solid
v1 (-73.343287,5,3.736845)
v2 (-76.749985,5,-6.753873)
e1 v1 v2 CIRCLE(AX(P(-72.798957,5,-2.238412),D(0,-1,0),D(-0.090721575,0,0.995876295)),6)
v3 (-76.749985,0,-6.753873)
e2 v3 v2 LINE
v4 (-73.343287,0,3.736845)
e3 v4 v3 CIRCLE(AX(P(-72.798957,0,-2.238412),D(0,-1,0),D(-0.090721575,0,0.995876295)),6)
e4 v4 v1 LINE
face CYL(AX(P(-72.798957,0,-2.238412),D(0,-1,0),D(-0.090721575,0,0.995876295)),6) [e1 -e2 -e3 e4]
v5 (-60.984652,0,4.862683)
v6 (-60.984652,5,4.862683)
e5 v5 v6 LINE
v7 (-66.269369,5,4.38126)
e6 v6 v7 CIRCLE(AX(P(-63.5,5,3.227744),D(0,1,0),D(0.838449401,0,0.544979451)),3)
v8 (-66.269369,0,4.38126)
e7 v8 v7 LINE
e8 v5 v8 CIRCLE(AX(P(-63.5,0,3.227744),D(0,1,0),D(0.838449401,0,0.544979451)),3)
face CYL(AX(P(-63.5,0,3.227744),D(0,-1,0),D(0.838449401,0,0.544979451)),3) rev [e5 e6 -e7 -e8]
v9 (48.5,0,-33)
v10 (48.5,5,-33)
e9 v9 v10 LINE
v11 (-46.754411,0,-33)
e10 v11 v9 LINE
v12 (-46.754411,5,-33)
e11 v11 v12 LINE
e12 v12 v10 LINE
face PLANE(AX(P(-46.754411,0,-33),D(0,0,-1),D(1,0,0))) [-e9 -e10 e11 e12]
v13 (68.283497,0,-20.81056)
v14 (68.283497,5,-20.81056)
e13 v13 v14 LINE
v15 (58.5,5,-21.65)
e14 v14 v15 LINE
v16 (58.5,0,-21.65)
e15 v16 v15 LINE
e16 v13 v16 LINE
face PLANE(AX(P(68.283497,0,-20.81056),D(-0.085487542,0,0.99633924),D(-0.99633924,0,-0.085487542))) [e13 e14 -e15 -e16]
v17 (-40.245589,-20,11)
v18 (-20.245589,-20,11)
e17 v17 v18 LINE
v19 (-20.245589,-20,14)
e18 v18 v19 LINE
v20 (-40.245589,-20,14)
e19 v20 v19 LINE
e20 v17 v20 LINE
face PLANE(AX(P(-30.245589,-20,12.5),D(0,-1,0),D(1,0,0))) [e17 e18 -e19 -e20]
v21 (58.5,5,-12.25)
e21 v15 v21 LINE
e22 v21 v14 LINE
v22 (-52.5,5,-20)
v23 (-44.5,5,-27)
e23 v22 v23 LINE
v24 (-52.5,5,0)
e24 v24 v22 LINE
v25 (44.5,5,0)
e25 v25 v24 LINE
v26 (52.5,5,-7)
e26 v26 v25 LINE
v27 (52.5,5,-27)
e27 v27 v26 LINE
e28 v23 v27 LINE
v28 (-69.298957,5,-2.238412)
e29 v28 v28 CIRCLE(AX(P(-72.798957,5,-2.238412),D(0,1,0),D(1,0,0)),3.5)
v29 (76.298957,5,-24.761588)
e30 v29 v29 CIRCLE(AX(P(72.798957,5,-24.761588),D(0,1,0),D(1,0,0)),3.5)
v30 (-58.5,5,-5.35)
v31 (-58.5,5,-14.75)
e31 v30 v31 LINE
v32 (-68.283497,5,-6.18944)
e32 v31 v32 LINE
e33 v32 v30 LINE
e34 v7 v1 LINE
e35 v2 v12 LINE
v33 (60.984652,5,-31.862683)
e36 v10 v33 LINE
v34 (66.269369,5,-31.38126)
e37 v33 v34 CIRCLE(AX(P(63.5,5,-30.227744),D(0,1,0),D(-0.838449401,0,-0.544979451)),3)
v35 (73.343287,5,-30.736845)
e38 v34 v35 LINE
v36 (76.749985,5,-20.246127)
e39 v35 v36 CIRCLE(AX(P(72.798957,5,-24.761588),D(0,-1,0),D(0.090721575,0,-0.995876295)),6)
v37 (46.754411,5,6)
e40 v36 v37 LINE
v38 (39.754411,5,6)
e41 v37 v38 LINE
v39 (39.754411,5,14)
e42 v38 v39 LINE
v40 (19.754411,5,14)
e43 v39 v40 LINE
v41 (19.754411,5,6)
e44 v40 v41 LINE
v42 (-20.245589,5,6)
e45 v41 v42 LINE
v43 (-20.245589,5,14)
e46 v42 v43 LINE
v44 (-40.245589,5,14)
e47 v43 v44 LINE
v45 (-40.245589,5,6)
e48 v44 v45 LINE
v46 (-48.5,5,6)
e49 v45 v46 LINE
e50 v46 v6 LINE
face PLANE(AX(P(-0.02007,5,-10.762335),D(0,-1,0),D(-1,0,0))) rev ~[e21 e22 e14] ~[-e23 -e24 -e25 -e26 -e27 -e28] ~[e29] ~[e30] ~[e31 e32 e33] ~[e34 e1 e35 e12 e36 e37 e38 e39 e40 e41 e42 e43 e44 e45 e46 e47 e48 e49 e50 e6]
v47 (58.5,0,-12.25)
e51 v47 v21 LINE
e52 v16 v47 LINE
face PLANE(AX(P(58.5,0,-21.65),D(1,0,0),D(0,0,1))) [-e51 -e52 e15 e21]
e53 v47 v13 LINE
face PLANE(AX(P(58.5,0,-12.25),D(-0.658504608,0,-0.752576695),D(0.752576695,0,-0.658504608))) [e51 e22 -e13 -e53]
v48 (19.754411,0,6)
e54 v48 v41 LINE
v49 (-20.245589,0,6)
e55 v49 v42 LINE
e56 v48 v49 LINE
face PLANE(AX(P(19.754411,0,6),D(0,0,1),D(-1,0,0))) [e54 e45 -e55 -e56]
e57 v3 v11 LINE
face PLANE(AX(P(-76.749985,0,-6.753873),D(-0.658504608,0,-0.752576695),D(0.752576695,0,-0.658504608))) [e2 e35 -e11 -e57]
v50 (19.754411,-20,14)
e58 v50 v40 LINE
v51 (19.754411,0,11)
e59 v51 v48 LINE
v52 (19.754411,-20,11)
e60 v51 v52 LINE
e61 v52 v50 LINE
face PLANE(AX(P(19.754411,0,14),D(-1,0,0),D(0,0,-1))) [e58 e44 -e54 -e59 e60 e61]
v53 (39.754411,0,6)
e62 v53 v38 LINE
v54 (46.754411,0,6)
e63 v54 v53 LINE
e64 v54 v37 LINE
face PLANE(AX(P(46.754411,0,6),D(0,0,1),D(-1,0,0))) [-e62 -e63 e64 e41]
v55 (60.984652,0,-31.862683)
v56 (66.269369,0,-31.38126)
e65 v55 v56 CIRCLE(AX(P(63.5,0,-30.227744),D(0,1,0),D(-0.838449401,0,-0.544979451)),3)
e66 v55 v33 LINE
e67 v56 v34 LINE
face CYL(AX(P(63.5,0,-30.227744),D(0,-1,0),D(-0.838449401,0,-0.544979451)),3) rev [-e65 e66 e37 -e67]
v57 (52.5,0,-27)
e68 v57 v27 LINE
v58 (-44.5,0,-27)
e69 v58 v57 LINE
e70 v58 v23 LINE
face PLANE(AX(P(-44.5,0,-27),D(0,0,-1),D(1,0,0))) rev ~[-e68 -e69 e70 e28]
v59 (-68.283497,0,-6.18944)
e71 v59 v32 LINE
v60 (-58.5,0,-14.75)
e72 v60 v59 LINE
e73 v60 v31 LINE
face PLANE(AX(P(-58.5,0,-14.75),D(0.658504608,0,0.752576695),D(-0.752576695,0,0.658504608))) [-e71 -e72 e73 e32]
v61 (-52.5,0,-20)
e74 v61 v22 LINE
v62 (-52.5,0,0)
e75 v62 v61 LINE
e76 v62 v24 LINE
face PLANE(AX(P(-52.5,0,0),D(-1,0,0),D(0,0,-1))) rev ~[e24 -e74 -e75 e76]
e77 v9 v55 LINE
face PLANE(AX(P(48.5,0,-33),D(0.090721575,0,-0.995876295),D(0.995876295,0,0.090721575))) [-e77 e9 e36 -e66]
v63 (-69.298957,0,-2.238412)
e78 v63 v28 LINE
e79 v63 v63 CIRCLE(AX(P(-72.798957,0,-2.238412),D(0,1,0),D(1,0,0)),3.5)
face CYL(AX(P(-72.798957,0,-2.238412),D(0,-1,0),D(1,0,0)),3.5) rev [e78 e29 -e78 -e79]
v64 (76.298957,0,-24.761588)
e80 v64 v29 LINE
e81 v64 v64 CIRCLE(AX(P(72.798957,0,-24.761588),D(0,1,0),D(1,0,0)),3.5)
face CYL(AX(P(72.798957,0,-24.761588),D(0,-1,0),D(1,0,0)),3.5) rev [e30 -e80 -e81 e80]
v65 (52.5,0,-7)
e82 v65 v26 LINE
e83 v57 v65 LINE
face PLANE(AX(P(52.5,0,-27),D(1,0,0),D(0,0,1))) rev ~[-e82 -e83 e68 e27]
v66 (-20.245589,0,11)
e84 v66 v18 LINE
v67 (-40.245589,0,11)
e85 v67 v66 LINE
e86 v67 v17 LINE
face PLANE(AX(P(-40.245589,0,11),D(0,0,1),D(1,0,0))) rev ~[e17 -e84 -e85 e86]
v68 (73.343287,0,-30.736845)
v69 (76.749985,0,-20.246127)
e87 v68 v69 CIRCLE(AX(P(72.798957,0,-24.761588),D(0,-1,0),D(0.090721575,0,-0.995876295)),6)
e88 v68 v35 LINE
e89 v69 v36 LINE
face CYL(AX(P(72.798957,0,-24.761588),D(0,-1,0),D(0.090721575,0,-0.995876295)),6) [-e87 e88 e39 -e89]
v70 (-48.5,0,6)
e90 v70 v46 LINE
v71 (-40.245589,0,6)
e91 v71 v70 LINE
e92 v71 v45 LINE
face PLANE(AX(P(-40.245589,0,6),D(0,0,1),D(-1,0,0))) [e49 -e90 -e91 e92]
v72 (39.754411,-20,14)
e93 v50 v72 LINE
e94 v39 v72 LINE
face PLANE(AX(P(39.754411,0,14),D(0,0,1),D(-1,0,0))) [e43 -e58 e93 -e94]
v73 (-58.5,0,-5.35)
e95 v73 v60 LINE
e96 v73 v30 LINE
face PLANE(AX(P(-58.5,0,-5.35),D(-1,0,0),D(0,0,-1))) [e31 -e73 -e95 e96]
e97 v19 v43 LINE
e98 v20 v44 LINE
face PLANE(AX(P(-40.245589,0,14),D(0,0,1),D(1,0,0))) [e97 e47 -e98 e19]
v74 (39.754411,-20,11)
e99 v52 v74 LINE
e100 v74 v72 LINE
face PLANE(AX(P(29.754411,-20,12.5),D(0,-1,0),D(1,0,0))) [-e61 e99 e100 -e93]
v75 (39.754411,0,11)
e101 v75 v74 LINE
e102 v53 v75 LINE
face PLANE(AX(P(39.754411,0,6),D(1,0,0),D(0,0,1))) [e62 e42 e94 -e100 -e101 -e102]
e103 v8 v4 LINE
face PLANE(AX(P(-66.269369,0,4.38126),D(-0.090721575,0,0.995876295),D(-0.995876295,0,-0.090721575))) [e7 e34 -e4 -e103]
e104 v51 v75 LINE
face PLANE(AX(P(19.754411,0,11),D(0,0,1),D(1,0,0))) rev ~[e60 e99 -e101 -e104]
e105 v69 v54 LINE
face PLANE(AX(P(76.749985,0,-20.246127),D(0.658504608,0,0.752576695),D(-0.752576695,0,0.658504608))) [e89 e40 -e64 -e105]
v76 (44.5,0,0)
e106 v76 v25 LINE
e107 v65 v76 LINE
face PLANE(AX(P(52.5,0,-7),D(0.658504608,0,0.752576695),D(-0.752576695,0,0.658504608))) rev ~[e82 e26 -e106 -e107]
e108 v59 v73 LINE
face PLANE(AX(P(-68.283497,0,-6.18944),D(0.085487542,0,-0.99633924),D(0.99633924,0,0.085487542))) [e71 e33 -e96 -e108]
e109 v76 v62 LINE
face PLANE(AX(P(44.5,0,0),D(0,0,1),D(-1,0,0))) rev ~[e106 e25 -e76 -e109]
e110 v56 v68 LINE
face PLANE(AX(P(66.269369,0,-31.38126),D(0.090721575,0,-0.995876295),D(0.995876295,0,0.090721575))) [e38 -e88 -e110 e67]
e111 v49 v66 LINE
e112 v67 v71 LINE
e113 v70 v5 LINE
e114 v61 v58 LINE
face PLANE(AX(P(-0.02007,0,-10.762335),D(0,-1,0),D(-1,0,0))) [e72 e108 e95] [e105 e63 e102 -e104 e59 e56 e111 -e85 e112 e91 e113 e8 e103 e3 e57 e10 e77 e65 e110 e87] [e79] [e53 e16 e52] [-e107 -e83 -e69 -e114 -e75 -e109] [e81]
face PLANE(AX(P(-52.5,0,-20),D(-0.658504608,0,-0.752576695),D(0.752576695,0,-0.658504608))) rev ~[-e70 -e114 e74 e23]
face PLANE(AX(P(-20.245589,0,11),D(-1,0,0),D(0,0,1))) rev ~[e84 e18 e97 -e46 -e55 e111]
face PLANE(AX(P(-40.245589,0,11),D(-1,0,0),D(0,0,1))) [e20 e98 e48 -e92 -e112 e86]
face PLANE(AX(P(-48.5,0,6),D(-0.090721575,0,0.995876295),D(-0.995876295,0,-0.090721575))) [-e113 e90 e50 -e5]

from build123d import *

# Parameters (mm, degrees)
SKETCH1_R           = 3.5
BOSS_EXTRUDE1_DEPTH = 5
SKETCH2_W           = 20
SKETCH2_H           = 3
BOSS_EXTRUDE2_DEPTH = 20


with BuildPart() as part:
    # Sketch1 → Boss-Extrude1 (new body)
    with BuildSketch(Plane(origin=(0, 0, 0), x_dir=(1, 0, 0), z_dir=(0, 1, 0))):
        with BuildLine():
            Line((-46.754410697, 33), (48.5, 33))
            Line((48.5, 33), (60.984651798, 31.862682764))
            ThreePointArc((60.984651798, 31.862682764), (63.227835275, 27.240115524), (66.269368613, 31.381259683))
            Line((66.269368613, 31.381259683), (73.34328665, 30.736845322))
            ThreePointArc((73.34328665, 30.736845322), (78.505606793, 26.614733634), (76.749984847, 20.246127381))
            Line((76.749984847, 20.246127381), (46.754410697, -6))
            Line((46.754410697, -6), (39.754410697, -6))
            Line((39.754410697, -6), (39.754410697, -14))
            Line((39.754410697, -14), (19.754410697, -14))
            Line((19.754410697, -14), (19.754410697, -6))
            Line((19.754410697, -6), (-20.245589303, -6))
            Line((-20.245589303, -6), (-20.245589303, -14))
            Line((-20.245589303, -14), (-40.245589303, -14))
            Line((-40.245589303, -14), (-40.245589303, -6))
            Line((-40.245589303, -6), (-48.5, -6))
            Line((-48.5, -6), (-60.984651798, -4.862682764))
            ThreePointArc((-60.984651798, -4.862682764), (-63.227835275, -0.240115524), (-66.269368613, -4.381259683))
            Line((-66.269368613, -4.381259683), (-73.34328665, -3.736845322))
            ThreePointArc((-73.34328665, -3.736845322), (-78.505606793, 0.385266366), (-76.749984847, 6.753872619))
            Line((-76.749984847, 6.753872619), (-46.754410697, 33))
        make_face()
        with Locations((72.798957199, 24.76158755)):
            Circle(SKETCH1_R, mode=Mode.SUBTRACT)
        with Locations((-72.798957199, 2.23841245)):
            Circle(SKETCH1_R, mode=Mode.SUBTRACT)
        Polygon((-44.5, 27), (52.5, 27), (52.5, 7), (44.5, 0), (-52.5, 0), (-52.5, 20), align=None, mode=Mode.SUBTRACT)
        Polygon((58.5, 21.65), (58.5, 12.25), (68.283497031, 20.810559902), align=None, mode=Mode.SUBTRACT)
        Polygon((-58.5, 14.75), (-68.283497031, 6.189440098), (-58.5, 5.35), align=None, mode=Mode.SUBTRACT)
    extrude(amount=BOSS_EXTRUDE1_DEPTH)

    # Sketch2 → Boss-Extrude2 (add)
    with BuildSketch(Plane.XZ):
        with Locations((-30.245589303, 12.5)):
            Rectangle(SKETCH2_W, SKETCH2_H)
        with Locations((29.754410697, 12.5)):
            Rectangle(SKETCH2_W, SKETCH2_H)
    extrude(amount=BOSS_EXTRUDE2_DEPTH)


solid = part.part
